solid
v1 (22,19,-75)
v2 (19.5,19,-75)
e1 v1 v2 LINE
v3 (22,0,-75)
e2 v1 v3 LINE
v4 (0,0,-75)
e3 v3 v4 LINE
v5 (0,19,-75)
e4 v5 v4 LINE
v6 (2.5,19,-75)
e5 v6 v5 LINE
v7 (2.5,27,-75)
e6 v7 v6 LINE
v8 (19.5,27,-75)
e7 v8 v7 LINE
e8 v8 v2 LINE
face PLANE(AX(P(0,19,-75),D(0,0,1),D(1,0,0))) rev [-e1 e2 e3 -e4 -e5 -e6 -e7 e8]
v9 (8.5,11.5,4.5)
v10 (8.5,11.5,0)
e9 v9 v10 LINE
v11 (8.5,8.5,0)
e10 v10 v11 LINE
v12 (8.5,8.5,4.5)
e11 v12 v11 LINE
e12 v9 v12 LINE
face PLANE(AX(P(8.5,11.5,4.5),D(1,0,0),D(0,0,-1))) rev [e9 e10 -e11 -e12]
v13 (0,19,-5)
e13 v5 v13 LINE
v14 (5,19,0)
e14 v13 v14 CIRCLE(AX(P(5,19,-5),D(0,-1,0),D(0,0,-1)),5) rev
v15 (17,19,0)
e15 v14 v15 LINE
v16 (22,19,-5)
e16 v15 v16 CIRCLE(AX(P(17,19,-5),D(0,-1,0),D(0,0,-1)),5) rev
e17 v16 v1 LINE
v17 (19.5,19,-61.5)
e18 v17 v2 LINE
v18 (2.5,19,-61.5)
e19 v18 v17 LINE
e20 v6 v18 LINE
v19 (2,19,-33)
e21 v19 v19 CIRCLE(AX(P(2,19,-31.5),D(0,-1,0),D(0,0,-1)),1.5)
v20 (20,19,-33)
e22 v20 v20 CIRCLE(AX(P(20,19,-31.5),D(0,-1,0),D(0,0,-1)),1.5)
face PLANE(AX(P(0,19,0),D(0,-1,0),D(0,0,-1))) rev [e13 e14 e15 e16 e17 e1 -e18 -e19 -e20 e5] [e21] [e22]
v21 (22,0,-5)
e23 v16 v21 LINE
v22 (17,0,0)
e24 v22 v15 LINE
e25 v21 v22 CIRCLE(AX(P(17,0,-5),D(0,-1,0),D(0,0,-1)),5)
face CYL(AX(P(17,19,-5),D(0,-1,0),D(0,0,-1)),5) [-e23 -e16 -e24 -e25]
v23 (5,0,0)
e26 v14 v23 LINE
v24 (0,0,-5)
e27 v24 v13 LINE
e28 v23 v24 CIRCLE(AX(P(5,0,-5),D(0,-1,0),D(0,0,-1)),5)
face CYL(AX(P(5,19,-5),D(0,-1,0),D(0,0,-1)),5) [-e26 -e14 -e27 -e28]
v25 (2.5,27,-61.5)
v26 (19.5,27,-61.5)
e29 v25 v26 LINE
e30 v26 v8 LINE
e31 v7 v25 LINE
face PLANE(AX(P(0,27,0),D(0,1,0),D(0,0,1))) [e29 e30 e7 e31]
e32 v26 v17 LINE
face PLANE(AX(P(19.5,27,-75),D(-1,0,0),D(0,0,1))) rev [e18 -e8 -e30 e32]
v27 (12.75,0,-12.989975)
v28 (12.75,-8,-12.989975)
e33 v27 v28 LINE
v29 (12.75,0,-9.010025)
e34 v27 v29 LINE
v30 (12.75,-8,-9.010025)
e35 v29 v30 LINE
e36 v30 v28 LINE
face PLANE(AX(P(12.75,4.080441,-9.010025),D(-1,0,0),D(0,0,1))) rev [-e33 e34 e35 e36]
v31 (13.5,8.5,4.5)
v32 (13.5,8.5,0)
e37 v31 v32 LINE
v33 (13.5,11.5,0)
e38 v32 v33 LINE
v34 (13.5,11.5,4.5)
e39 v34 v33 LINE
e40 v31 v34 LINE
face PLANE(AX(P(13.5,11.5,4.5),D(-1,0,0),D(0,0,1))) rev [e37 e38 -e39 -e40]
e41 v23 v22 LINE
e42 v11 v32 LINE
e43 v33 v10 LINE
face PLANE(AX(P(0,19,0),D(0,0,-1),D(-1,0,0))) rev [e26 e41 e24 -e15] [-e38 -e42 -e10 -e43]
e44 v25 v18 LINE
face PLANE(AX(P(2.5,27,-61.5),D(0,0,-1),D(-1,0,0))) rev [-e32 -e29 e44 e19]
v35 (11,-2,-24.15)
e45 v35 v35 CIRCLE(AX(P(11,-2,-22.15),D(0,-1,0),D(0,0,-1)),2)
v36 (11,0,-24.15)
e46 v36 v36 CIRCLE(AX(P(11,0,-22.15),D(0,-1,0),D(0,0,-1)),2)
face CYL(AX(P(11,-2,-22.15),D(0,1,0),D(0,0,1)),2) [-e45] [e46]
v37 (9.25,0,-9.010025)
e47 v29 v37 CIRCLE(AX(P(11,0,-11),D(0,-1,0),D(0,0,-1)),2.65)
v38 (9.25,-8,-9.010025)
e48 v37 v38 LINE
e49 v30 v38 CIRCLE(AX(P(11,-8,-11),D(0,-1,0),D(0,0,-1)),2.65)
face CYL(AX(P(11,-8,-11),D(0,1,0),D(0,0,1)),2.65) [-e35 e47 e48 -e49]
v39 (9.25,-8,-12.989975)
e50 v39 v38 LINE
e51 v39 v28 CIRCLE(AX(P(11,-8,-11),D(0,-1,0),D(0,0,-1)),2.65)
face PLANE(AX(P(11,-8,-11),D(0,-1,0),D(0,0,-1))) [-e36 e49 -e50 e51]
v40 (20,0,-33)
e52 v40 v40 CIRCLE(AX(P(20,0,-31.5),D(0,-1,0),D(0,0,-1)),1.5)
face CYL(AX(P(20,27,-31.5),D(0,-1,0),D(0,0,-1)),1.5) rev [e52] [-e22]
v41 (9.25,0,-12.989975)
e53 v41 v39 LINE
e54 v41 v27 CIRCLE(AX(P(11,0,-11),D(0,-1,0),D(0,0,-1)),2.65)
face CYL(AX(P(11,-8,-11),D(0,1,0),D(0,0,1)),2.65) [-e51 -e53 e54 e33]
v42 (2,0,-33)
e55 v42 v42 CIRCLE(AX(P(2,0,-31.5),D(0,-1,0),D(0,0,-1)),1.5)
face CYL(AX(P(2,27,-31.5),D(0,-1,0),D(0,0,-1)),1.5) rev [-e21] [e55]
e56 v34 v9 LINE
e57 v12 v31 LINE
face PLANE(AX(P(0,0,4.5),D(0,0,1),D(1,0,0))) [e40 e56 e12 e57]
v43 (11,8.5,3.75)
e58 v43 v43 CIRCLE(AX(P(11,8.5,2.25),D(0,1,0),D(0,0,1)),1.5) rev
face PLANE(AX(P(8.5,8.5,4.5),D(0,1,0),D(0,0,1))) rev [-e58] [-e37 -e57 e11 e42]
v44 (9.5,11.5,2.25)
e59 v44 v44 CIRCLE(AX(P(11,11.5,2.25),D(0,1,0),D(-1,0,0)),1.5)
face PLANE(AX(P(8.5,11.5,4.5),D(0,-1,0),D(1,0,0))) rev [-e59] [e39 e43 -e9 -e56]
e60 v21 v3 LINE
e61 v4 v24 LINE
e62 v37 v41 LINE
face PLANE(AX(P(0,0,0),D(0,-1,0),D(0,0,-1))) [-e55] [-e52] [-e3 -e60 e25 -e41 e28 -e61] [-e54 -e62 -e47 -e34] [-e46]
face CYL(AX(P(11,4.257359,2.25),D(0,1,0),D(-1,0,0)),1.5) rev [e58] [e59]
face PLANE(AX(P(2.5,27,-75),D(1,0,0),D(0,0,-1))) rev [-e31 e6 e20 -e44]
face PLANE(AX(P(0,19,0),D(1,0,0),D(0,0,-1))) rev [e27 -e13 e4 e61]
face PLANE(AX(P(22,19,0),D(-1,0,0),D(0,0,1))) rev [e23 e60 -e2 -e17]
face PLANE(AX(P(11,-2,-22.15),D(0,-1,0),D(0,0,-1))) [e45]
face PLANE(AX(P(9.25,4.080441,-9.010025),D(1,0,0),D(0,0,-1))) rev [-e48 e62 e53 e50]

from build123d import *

# Parameters (mm, degrees)
SKETCH1_W               = 22
SKETCH1_H               = 75
BOSS_EXTRUDE1_DEPTH     = 19
SKETCH2_W               = 17
SKETCH2_H               = 13.5
BOSS_EXTRUDE2_DEPTH     = 8
FILLET1_R               = 5
SKETCH4_R               = 2.65
BOSS_EXTRUDE3_DEPTH     = 8
CUT_EXTRUDE1_DEPTH      = 83.692200358
CUT_EXTRUDE1_DEPTH_BACK = 83.692200358
SKETCH5_R               = 1.5
SKETCH6_R               = 2
SKETCH6_R_2             = 2.65
BOSS_EXTRUDE4_DEPTH     = 2
CUT_EXTRUDE2_DEPTH      = 86.638776264
CUT_EXTRUDE2_DEPTH_BACK = 8
SKETCH8_W               = 5
SKETCH8_H               = 3
BOSS_EXTRUDE5_DEPTH     = 4.5
SKETCH9_R               = 1.5
CUT_EXTRUDE3_DEPTH      = 3


with BuildPart() as part:
    # Sketch1 → Boss-Extrude1 (new body)
    with BuildSketch(Plane(origin=(0, 0, 0), x_dir=(1, 0, 0), z_dir=(0, 1, 0))):
        with Locations((11, 37.5)):
            Rectangle(SKETCH1_W, SKETCH1_H)
    extrude(amount=BOSS_EXTRUDE1_DEPTH)

    # Sketch2 → Boss-Extrude2 (add)
    with BuildSketch(Plane(origin=(0, 19, 0), x_dir=(1, 0, 0), z_dir=(0, 1, 0))):
        with Locations((11, 68.25)):
            Rectangle(SKETCH2_W, SKETCH2_H)
    extrude(amount=BOSS_EXTRUDE2_DEPTH)

    # Fillet1
    fillet1_edges = [part.edges().sort_by_distance(p)[0] for p in [
        (22, 9.5, 0),
        (0, 9.5, 0),
    ]]
    fillet(fillet1_edges, radius=FILLET1_R)

    # Sketch4 → Boss-Extrude3 (add)
    with BuildSketch(Plane.XZ):
        with Locations(Location((11, -11, 0), (0, 0, 270))):
            Circle(SKETCH4_R)
    extrude(amount=BOSS_EXTRUDE3_DEPTH)

    # Sketch5 → Cut-Extrude1 (cut, two sides: drawn at the far end of the back side and taken through both)
    with BuildSketch(Plane.XZ.offset(-CUT_EXTRUDE1_DEPTH_BACK)):
        with Locations(Location((20, -31.5, 0), (0, 0, 270))):
            Circle(SKETCH5_R)
        with Locations(Location((2, -31.5, 0), (0, 0, 270))):
            Circle(SKETCH5_R)
    extrude(amount=CUT_EXTRUDE1_DEPTH + CUT_EXTRUDE1_DEPTH_BACK, mode=Mode.SUBTRACT)

    # Sketch6 → Boss-Extrude4 (add)
    with BuildSketch(Plane.XZ):
        with Locations(Location((11, -22.15, 0), (0, 0, 270))):
            Circle(SKETCH6_R)
        with Locations(Location((11, -11, 0), (0, 0, 270))):
            Circle(SKETCH6_R_2)
    extrude(amount=BOSS_EXTRUDE4_DEPTH)

    # Sketch7 → Cut-Extrude2 (cut, two sides: drawn at the far end of the back side and taken through both)
    with BuildSketch(Plane.XZ.offset(8).offset(-CUT_EXTRUDE2_DEPTH_BACK)):
        with BuildLine():
            Line((12.75, -9.010025126), (12.75, -12.989974874))
            ThreePointArc((12.75, -12.989974874), (13.65, -11), (12.75, -9.010025126))
        make_face()
        with BuildLine():
            Line((9.25, -9.010025126), (9.25, -12.989974874))
            ThreePointArc((9.25, -12.989974874), (8.35, -11), (9.25, -9.010025126))
        make_face()
    extrude(amount=CUT_EXTRUDE2_DEPTH + CUT_EXTRUDE2_DEPTH_BACK, mode=Mode.SUBTRACT)

    # Sketch8 → Boss-Extrude5 (add)
    with BuildSketch(Plane.XY):
        with Locations((11, 10)):
            Rectangle(SKETCH8_W, SKETCH8_H)
    extrude(amount=BOSS_EXTRUDE5_DEPTH)

    # Sketch9 → Cut-Extrude3 (cut)
    with BuildSketch(Plane(origin=(0, 11.5, 0), x_dir=(1, 0, 0), z_dir=(0, 1, 0))):
        with Locations(Location((11, -2.25, 0), (0, 0, 180))):
            Circle(SKETCH9_R)
    extrude(amount=-CUT_EXTRUDE3_DEPTH, mode=Mode.SUBTRACT)


solid = part.part
